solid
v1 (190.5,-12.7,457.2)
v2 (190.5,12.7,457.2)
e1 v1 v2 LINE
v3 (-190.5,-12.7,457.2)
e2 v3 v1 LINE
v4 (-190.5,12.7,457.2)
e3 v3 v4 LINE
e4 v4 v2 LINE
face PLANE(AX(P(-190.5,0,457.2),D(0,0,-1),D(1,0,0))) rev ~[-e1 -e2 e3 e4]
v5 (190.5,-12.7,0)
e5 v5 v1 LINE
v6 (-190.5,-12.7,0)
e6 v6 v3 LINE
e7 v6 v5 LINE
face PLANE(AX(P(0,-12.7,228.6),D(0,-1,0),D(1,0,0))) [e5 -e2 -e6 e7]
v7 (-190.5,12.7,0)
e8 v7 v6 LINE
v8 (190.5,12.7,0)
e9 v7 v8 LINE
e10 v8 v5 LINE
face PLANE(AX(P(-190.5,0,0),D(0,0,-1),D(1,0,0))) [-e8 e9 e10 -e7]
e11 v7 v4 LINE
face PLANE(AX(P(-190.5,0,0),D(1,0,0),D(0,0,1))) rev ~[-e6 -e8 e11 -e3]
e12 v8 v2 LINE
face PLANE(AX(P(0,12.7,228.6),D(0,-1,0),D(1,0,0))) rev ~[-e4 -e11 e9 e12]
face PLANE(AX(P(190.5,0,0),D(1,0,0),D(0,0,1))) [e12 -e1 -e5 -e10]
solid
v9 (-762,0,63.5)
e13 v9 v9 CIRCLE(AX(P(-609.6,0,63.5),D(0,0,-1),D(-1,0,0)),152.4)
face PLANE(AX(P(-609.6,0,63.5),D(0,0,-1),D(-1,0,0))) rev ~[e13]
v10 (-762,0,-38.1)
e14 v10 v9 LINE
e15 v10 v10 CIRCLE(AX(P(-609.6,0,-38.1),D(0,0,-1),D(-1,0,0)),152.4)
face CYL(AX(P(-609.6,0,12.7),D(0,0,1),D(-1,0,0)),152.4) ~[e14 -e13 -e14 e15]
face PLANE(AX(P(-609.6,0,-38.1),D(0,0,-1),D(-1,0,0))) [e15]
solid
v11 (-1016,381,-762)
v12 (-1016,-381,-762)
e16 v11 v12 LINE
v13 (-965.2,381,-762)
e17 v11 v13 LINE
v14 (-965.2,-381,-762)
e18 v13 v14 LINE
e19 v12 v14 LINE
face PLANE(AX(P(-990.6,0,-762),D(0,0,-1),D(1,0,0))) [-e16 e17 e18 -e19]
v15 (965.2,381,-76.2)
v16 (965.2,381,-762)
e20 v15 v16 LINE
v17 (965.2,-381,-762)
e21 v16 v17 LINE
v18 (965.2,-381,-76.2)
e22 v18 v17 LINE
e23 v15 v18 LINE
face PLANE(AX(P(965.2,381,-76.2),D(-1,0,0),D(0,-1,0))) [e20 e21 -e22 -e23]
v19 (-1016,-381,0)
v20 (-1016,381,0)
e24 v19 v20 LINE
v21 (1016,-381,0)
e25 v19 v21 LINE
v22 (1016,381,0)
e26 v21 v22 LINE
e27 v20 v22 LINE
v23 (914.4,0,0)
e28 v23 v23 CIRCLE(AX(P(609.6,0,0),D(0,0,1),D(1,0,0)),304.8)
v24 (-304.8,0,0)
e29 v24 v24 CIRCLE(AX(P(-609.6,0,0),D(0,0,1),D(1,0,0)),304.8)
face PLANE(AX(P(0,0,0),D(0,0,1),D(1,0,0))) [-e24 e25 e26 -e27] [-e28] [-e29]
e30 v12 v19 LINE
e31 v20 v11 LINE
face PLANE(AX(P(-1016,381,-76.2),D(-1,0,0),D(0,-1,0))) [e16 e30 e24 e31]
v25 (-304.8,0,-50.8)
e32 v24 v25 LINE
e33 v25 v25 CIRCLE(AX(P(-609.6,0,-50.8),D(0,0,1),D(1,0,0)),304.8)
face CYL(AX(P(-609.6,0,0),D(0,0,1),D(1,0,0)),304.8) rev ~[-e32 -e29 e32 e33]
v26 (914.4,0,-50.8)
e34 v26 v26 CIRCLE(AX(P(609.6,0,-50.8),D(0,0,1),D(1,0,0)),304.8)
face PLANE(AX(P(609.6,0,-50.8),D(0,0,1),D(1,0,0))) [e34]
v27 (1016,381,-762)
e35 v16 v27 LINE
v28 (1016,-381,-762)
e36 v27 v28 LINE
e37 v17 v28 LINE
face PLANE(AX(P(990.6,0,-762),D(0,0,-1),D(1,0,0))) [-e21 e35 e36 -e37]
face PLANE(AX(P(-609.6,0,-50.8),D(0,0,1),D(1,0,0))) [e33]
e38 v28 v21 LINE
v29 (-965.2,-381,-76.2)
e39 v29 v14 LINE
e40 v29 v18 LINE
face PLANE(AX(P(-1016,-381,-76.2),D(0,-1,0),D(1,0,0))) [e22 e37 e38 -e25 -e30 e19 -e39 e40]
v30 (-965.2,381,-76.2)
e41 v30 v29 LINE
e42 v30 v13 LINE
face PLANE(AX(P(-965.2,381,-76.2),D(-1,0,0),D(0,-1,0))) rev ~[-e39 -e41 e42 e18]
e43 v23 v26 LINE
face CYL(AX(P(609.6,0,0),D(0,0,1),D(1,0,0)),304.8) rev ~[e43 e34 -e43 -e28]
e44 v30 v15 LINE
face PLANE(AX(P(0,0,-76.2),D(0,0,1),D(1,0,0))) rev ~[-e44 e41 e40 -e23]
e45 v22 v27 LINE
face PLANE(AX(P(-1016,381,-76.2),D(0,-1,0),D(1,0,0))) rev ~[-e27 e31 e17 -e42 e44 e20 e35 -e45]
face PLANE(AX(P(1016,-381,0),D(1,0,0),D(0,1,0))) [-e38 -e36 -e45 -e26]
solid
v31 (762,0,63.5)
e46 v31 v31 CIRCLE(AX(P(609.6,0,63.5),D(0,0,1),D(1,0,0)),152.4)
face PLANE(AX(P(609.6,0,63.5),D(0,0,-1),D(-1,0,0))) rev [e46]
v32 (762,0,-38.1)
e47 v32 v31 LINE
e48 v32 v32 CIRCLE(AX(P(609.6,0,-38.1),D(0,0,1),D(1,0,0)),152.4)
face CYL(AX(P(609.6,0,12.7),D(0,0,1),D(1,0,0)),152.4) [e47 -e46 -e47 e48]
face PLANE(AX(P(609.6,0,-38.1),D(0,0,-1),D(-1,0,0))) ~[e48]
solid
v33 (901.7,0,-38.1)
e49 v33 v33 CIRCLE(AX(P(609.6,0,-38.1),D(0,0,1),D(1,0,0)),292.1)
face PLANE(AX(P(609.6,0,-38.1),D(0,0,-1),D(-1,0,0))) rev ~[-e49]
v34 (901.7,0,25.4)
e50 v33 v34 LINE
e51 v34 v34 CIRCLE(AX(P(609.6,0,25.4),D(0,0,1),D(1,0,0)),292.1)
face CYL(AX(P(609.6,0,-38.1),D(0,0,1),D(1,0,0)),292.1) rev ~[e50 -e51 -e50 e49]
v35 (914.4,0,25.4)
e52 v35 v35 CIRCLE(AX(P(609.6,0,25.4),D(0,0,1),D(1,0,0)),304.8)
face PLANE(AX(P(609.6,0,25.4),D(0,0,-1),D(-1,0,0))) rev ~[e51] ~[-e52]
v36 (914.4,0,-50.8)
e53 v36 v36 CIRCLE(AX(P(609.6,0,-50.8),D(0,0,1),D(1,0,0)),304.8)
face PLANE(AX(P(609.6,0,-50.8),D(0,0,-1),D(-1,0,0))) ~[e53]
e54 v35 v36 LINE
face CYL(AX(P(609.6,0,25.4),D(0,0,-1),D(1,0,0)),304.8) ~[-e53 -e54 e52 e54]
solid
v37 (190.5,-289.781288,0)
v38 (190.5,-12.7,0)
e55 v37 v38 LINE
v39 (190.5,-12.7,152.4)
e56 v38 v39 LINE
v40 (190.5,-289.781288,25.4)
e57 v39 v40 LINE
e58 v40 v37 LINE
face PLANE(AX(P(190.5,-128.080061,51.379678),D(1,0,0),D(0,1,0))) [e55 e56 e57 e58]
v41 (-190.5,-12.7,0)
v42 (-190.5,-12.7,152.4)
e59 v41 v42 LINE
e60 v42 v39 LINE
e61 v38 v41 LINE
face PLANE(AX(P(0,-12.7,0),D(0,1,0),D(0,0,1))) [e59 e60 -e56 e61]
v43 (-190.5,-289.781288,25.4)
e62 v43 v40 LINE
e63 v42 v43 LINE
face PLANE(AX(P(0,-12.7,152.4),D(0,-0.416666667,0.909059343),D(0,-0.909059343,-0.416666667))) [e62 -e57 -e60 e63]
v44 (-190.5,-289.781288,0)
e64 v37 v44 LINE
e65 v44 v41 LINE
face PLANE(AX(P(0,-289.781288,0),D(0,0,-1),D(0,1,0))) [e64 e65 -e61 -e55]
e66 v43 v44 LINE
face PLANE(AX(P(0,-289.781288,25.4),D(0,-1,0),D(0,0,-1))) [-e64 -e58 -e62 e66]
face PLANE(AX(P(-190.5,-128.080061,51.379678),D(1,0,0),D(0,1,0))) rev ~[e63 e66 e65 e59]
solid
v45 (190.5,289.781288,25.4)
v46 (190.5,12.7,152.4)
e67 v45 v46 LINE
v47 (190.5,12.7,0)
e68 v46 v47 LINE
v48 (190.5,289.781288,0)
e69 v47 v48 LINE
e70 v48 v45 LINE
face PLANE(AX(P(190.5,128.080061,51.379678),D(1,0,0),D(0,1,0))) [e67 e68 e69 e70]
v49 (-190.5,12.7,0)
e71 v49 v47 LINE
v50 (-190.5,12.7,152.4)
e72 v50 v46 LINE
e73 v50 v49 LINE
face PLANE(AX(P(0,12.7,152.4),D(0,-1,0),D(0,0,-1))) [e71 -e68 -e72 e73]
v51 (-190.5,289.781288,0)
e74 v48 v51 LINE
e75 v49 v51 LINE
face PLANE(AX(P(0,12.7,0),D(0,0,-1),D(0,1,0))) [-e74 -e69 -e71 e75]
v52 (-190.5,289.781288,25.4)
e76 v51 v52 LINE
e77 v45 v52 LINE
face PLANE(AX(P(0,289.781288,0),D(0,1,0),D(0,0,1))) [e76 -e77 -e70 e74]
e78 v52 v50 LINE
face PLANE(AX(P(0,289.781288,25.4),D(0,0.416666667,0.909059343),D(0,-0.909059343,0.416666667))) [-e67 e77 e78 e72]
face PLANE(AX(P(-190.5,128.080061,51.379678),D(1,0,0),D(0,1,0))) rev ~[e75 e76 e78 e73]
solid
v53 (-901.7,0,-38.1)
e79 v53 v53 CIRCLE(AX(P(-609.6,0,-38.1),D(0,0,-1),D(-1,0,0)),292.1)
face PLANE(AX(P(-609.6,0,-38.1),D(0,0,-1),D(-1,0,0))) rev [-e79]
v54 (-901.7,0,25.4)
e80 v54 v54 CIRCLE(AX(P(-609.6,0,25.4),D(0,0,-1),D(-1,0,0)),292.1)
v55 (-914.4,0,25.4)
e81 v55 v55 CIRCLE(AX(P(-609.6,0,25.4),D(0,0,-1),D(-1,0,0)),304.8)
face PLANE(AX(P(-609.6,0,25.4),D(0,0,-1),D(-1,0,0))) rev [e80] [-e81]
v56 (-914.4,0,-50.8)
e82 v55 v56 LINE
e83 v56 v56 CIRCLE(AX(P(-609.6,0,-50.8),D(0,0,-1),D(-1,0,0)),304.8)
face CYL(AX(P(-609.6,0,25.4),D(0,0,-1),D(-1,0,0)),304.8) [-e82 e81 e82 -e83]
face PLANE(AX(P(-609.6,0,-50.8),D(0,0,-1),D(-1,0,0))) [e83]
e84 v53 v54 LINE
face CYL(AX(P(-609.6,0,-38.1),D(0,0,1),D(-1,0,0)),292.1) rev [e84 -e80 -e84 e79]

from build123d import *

# Parameters (mm, degrees)
F0_W           = 2032
F0_H           = 762
F1_DEPTH       = 76.2
F2_W           = 50.8
F2_H           = 762
F3_DEPTH       = 685.8
F6_W           = 152.4
F6_H           = 101.6
F10_DEPTH      = 127
F10_DEPTH_BACK = 127
F11_R          = 304.8
F12_DEPTH      = 50.8
F16_DEPTH      = 12.7
F16_DEPTH_BACK = 12.7
F17_W          = 355.6
F17_H          = 431.8
F18_DEPTH      = 6.35
F18_DEPTH_BACK = 6.35
F21_W          = 381
F21_H          = 457.2
F22_DEPTH      = 12.7
F22_DEPTH_BACK = 12.7
F24_DEPTH      = 190.5
F24_DEPTH_BACK = 190.5


with BuildPart() as f1:
    # F0 (on Top) → F1 (new body)
    with BuildSketch(Plane.XY):
        Rectangle(F0_W, F0_H)
    extrude(amount=-F1_DEPTH)

    # F2 (on face) → F3 (join)
    with BuildSketch(Plane(origin=(0, 0, -76.2), x_dir=(1, 0, 0), z_dir=(0, 0, -1))):
        with Locations((-990.6, 0)):
            Rectangle(F2_W, F2_H)
        with Locations((990.6, 0)):
            Rectangle(F2_W, F2_H)
    extrude(amount=F3_DEPTH)

    # F11 (on face) → F12 (cut)
    with BuildSketch(Plane.XY):
        with Locations((-609.6, 0)):
            Circle(F11_R)
        with Locations((609.6, 0)):
            Circle(F11_R)
    extrude(amount=-F12_DEPTH, mode=Mode.SUBTRACT)


with BuildPart() as f5:
    # F4 (on Front) → F5 (revolve)
    with BuildSketch(Plane.XZ):
        Polygon((-914.4, -50.8), (-609.6, -50.8), (-609.6, -38.1), (-901.7, -38.1), (-901.7, 25.4), (-914.4, 25.4), align=None)
    revolve(axis=Axis((-609.6, 0, -44.45), (0, 0, -1)))


with BuildPart() as f7:
    # F6 (on Front) → F7 (revolve)
    with BuildSketch(Plane.XZ):
        with Locations((-685.8, 12.7)):
            Rectangle(F6_W, F6_H)
    revolve(axis=Axis((-609.6, 0, 12.7), (0, 0, -1)))


with BuildPart() as f8_1:
    # F8: instance of F7
    add(f7.part.mirror(Plane.YZ))


with BuildPart() as f8_2:
    # F8: instance of F5
    add(f5.part.mirror(Plane.YZ))


with BuildPart() as f10:
    # F9 (on Right) → F10 (new body, two sides)
    with BuildSketch(Plane.YZ) as f10_sk:
        Polygon((50.8, 152.4), (0, 152.4), (-50.8, 152.4), (-327.8812877117, 25.4), (-327.8812877117, 0), (0, 0), (327.8812877117, 0), (327.8812877117, 25.4), align=None)
    extrude(amount=F10_DEPTH)
    extrude(f10_sk.sketch, amount=-F10_DEPTH_BACK)


with BuildPart() as f16:
    # F15 (on Front) → F16 (new body, two sides)
    with BuildSketch(Plane.XZ) as f16_sk:
        Polygon((-203.2, 457.2), (-203.2, 0), (-177.8, 0), (0, 0), (0, 25.4), (-177.8, 25.4), (-177.8, 431.8), (0, 431.8), (0, 457.2), align=None)
        Polygon((203.2, 457.2), (0, 457.2), (0, 431.8), (177.8, 431.8), (177.8, 25.4), (0, 25.4), (0, 0), (177.8, 0), (203.2, 0), align=None)
    extrude(amount=F16_DEPTH)
    extrude(f16_sk.sketch, amount=-F16_DEPTH_BACK)


with BuildPart() as f18:
    # F17 (on Front) → F18 (new body, two sides)
    with BuildSketch(Plane.XZ) as f18_sk:
        with Locations((0, 215.9)):
            Rectangle(F17_W, F17_H)
    extrude(amount=F18_DEPTH)
    extrude(f18_sk.sketch, amount=-F18_DEPTH_BACK)


with BuildPart() as f22:
    # F21 (on Front) → F22 (new body, two sides)
    with BuildSketch(Plane.XZ) as f22_sk:
        with Locations((0, 228.6)):
            Rectangle(F21_W, F21_H)
    extrude(amount=F22_DEPTH)
    extrude(f22_sk.sketch, amount=-F22_DEPTH_BACK)


with BuildPart() as f24:
    # F23 (on Right) → F24 (new body, two sides)
    with BuildSketch(Plane.YZ) as f24_sk:
        Polygon((289.7812877117, 25.4), (12.7, 152.4), (12.7, 0), (289.7812877117, 0), align=None)
    extrude(amount=F24_DEPTH)
    extrude(f24_sk.sketch, amount=-F24_DEPTH_BACK)


with BuildPart() as f24b:
    # F23 (on Right) → F24, piece 2 (new body, two sides)
    with BuildSketch(Plane.YZ) as f24_2_sk:
        Polygon((-12.7, 0), (-12.7, 152.4), (-289.7812877117, 25.4), (-289.7812877117, 0), align=None)
    extrude(amount=F24_DEPTH)
    extrude(f24_2_sk.sketch, amount=-F24_DEPTH_BACK)


solid = Compound([f1.part, f5.part, f7.part, f8_1.part, f8_2.part, f22.part, f24.part, f24b.part])
